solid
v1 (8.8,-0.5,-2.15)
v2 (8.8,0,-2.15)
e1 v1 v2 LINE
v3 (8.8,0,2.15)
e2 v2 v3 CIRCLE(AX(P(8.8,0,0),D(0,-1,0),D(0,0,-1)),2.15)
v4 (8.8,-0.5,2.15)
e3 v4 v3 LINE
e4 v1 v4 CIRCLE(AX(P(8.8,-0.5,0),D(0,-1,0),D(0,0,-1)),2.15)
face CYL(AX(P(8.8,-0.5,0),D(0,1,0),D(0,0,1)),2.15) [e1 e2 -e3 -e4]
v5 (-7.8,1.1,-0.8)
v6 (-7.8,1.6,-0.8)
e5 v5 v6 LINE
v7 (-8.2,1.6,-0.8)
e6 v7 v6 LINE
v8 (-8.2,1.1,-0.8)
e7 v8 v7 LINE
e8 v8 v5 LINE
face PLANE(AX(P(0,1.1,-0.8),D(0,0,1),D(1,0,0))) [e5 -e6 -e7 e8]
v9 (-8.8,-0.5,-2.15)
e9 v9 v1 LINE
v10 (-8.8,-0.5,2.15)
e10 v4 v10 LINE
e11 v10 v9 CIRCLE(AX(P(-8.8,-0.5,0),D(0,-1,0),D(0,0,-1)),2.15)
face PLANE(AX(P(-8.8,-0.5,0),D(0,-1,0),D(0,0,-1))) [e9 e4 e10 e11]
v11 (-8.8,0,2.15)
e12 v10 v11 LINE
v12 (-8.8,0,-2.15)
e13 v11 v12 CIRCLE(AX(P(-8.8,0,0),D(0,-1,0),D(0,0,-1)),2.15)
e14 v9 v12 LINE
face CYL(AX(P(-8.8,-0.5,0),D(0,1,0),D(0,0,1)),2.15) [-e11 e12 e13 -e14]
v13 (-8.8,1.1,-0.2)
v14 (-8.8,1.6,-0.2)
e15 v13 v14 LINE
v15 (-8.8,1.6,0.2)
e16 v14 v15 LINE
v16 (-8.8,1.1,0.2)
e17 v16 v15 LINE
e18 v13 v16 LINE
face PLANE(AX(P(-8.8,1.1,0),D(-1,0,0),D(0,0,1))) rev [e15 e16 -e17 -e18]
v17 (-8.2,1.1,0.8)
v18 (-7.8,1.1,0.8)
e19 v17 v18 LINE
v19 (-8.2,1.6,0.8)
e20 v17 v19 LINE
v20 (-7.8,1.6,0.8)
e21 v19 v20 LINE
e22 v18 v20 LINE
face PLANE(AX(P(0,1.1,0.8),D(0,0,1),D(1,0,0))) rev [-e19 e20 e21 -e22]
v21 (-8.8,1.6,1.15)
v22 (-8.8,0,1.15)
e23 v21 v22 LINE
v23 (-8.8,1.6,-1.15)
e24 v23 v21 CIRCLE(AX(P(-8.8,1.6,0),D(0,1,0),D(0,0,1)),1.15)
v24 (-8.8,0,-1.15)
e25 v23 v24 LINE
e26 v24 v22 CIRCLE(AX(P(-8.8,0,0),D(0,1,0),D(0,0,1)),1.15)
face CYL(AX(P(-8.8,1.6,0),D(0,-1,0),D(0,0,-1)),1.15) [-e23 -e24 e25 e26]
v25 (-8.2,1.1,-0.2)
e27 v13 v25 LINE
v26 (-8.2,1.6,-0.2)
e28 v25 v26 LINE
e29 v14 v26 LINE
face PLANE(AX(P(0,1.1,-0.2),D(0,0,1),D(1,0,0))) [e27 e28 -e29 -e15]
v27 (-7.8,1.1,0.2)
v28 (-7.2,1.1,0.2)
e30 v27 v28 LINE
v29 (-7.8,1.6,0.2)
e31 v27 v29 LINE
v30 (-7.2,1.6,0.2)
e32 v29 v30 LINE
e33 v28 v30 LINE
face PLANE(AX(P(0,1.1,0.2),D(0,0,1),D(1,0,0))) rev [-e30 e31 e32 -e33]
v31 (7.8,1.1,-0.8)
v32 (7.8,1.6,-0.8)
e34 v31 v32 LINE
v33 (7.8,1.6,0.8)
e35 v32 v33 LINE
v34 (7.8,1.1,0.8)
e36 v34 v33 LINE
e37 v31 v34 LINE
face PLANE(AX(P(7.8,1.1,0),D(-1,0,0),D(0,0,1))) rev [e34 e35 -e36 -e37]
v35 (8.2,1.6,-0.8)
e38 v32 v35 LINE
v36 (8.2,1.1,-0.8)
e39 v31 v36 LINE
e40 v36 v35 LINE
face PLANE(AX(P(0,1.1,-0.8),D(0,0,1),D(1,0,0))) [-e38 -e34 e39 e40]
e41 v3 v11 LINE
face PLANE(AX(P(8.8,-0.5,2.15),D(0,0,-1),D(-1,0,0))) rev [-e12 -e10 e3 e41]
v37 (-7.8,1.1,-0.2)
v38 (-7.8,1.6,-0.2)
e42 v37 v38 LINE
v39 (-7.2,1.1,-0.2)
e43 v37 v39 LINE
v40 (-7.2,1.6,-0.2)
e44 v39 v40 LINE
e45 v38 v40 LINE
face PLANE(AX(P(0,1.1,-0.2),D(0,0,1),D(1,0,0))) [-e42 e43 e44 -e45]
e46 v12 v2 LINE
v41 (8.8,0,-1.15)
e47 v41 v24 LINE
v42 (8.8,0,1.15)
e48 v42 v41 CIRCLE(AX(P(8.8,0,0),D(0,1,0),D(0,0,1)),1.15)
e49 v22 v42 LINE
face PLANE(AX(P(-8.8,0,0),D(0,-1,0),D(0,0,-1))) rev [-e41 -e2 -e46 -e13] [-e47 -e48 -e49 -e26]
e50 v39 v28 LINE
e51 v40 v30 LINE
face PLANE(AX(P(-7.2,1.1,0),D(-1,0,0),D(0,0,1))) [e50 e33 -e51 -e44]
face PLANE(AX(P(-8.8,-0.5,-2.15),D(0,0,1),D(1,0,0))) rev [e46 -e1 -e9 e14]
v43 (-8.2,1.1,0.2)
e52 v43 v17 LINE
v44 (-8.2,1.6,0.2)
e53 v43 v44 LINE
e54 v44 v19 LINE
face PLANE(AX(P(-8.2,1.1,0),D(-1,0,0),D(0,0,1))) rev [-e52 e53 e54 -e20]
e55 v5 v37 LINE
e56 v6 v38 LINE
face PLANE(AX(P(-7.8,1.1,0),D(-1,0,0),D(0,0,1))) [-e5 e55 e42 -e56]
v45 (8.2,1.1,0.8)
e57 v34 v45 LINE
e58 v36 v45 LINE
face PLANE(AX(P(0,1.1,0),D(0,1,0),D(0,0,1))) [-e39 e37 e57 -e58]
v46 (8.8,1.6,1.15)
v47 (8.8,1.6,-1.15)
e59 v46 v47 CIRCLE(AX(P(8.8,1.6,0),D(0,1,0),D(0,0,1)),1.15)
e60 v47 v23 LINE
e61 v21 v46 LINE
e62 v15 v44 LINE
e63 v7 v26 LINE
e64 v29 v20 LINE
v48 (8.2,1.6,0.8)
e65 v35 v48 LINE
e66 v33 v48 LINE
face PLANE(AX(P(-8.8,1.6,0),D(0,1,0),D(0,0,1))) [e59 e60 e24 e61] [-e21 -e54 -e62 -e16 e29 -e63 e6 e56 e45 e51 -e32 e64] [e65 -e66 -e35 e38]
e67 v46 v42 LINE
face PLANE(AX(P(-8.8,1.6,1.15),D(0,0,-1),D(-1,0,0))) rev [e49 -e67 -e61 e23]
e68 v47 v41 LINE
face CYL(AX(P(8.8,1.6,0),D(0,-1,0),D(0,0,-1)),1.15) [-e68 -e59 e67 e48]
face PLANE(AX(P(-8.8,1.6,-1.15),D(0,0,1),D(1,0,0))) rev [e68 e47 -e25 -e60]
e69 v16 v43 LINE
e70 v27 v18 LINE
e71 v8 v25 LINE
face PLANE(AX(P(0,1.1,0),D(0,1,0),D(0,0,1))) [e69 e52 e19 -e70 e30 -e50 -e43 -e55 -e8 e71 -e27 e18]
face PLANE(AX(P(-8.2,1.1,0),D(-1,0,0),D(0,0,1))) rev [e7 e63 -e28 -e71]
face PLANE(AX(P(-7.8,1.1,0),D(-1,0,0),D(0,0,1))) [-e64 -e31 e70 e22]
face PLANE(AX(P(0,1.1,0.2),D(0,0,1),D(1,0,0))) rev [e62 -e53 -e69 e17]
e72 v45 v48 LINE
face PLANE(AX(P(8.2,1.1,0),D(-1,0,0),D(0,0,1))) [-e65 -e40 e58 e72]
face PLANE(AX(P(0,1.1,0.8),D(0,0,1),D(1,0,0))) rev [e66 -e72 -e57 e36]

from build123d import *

# Parameters (mm, degrees)
EXTRUDE_1_DEPTH     = 1.6
EXTRUDE_2_DEPTH     = 0.5
SKETCH_3_W          = 0.4
SKETCH_3_H          = 1.6
SKETCH_3_W_2        = 0.6
SKETCH_3_H_2        = 0.4
SKETCH_3_H_3        = 0.6
CUT_EXTRUDE_1_DEPTH = 0.5


with BuildPart() as part:
    # 草图1 → 凸台-拉伸1 (new body)
    with BuildSketch(Plane(origin=(0, 0, 0), x_dir=(1, 0, 0), z_dir=(0, 1, 0))):
        with BuildLine():
            Line((-8.8, 1.15), (8.8, 1.15))
            ThreePointArc((8.8, 1.15), (9.95, 0), (8.8, -1.15))
            Line((8.8, -1.15), (-8.8, -1.15))
            ThreePointArc((-8.8, -1.15), (-9.95, 0), (-8.8, 1.15))
        make_face()
    extrude(amount=EXTRUDE_1_DEPTH)

    # 草图2 → 凸台-拉伸2 (add)
    with BuildSketch(Plane.XZ):
        with BuildLine():
            Line((-8.8, -2.15), (8.8, -2.15))
            ThreePointArc((8.8, -2.15), (10.95, 0), (8.8, 2.15))
            Line((8.8, 2.15), (-8.8, 2.15))
            ThreePointArc((-8.8, 2.15), (-10.95, 0), (-8.8, -2.15))
        make_face()
    extrude(amount=EXTRUDE_2_DEPTH)

    # 草图3 → 切除-拉伸1 (cut)
    with BuildSketch(Plane(origin=(0, 1.6, 0), x_dir=(1, 0, 0), z_dir=(0, 1, 0))):
        with Locations((8, 0)):
            Rectangle(SKETCH_3_W, SKETCH_3_H)
        with Locations((-8.5, 0)):
            Rectangle(SKETCH_3_W_2, SKETCH_3_H_2)
        with Locations((-8, 0)):
            Rectangle(SKETCH_3_W, SKETCH_3_H_2)
        with Locations((-8, 0.5)):
            Rectangle(SKETCH_3_W, SKETCH_3_H_3)
        with Locations((-7.5, 0)):
            Rectangle(SKETCH_3_W_2, SKETCH_3_H_2)
        with Locations((-8, -0.5)):
            Rectangle(SKETCH_3_W, SKETCH_3_H_3)
    extrude(amount=-CUT_EXTRUDE_1_DEPTH, mode=Mode.SUBTRACT)


solid = part.part
